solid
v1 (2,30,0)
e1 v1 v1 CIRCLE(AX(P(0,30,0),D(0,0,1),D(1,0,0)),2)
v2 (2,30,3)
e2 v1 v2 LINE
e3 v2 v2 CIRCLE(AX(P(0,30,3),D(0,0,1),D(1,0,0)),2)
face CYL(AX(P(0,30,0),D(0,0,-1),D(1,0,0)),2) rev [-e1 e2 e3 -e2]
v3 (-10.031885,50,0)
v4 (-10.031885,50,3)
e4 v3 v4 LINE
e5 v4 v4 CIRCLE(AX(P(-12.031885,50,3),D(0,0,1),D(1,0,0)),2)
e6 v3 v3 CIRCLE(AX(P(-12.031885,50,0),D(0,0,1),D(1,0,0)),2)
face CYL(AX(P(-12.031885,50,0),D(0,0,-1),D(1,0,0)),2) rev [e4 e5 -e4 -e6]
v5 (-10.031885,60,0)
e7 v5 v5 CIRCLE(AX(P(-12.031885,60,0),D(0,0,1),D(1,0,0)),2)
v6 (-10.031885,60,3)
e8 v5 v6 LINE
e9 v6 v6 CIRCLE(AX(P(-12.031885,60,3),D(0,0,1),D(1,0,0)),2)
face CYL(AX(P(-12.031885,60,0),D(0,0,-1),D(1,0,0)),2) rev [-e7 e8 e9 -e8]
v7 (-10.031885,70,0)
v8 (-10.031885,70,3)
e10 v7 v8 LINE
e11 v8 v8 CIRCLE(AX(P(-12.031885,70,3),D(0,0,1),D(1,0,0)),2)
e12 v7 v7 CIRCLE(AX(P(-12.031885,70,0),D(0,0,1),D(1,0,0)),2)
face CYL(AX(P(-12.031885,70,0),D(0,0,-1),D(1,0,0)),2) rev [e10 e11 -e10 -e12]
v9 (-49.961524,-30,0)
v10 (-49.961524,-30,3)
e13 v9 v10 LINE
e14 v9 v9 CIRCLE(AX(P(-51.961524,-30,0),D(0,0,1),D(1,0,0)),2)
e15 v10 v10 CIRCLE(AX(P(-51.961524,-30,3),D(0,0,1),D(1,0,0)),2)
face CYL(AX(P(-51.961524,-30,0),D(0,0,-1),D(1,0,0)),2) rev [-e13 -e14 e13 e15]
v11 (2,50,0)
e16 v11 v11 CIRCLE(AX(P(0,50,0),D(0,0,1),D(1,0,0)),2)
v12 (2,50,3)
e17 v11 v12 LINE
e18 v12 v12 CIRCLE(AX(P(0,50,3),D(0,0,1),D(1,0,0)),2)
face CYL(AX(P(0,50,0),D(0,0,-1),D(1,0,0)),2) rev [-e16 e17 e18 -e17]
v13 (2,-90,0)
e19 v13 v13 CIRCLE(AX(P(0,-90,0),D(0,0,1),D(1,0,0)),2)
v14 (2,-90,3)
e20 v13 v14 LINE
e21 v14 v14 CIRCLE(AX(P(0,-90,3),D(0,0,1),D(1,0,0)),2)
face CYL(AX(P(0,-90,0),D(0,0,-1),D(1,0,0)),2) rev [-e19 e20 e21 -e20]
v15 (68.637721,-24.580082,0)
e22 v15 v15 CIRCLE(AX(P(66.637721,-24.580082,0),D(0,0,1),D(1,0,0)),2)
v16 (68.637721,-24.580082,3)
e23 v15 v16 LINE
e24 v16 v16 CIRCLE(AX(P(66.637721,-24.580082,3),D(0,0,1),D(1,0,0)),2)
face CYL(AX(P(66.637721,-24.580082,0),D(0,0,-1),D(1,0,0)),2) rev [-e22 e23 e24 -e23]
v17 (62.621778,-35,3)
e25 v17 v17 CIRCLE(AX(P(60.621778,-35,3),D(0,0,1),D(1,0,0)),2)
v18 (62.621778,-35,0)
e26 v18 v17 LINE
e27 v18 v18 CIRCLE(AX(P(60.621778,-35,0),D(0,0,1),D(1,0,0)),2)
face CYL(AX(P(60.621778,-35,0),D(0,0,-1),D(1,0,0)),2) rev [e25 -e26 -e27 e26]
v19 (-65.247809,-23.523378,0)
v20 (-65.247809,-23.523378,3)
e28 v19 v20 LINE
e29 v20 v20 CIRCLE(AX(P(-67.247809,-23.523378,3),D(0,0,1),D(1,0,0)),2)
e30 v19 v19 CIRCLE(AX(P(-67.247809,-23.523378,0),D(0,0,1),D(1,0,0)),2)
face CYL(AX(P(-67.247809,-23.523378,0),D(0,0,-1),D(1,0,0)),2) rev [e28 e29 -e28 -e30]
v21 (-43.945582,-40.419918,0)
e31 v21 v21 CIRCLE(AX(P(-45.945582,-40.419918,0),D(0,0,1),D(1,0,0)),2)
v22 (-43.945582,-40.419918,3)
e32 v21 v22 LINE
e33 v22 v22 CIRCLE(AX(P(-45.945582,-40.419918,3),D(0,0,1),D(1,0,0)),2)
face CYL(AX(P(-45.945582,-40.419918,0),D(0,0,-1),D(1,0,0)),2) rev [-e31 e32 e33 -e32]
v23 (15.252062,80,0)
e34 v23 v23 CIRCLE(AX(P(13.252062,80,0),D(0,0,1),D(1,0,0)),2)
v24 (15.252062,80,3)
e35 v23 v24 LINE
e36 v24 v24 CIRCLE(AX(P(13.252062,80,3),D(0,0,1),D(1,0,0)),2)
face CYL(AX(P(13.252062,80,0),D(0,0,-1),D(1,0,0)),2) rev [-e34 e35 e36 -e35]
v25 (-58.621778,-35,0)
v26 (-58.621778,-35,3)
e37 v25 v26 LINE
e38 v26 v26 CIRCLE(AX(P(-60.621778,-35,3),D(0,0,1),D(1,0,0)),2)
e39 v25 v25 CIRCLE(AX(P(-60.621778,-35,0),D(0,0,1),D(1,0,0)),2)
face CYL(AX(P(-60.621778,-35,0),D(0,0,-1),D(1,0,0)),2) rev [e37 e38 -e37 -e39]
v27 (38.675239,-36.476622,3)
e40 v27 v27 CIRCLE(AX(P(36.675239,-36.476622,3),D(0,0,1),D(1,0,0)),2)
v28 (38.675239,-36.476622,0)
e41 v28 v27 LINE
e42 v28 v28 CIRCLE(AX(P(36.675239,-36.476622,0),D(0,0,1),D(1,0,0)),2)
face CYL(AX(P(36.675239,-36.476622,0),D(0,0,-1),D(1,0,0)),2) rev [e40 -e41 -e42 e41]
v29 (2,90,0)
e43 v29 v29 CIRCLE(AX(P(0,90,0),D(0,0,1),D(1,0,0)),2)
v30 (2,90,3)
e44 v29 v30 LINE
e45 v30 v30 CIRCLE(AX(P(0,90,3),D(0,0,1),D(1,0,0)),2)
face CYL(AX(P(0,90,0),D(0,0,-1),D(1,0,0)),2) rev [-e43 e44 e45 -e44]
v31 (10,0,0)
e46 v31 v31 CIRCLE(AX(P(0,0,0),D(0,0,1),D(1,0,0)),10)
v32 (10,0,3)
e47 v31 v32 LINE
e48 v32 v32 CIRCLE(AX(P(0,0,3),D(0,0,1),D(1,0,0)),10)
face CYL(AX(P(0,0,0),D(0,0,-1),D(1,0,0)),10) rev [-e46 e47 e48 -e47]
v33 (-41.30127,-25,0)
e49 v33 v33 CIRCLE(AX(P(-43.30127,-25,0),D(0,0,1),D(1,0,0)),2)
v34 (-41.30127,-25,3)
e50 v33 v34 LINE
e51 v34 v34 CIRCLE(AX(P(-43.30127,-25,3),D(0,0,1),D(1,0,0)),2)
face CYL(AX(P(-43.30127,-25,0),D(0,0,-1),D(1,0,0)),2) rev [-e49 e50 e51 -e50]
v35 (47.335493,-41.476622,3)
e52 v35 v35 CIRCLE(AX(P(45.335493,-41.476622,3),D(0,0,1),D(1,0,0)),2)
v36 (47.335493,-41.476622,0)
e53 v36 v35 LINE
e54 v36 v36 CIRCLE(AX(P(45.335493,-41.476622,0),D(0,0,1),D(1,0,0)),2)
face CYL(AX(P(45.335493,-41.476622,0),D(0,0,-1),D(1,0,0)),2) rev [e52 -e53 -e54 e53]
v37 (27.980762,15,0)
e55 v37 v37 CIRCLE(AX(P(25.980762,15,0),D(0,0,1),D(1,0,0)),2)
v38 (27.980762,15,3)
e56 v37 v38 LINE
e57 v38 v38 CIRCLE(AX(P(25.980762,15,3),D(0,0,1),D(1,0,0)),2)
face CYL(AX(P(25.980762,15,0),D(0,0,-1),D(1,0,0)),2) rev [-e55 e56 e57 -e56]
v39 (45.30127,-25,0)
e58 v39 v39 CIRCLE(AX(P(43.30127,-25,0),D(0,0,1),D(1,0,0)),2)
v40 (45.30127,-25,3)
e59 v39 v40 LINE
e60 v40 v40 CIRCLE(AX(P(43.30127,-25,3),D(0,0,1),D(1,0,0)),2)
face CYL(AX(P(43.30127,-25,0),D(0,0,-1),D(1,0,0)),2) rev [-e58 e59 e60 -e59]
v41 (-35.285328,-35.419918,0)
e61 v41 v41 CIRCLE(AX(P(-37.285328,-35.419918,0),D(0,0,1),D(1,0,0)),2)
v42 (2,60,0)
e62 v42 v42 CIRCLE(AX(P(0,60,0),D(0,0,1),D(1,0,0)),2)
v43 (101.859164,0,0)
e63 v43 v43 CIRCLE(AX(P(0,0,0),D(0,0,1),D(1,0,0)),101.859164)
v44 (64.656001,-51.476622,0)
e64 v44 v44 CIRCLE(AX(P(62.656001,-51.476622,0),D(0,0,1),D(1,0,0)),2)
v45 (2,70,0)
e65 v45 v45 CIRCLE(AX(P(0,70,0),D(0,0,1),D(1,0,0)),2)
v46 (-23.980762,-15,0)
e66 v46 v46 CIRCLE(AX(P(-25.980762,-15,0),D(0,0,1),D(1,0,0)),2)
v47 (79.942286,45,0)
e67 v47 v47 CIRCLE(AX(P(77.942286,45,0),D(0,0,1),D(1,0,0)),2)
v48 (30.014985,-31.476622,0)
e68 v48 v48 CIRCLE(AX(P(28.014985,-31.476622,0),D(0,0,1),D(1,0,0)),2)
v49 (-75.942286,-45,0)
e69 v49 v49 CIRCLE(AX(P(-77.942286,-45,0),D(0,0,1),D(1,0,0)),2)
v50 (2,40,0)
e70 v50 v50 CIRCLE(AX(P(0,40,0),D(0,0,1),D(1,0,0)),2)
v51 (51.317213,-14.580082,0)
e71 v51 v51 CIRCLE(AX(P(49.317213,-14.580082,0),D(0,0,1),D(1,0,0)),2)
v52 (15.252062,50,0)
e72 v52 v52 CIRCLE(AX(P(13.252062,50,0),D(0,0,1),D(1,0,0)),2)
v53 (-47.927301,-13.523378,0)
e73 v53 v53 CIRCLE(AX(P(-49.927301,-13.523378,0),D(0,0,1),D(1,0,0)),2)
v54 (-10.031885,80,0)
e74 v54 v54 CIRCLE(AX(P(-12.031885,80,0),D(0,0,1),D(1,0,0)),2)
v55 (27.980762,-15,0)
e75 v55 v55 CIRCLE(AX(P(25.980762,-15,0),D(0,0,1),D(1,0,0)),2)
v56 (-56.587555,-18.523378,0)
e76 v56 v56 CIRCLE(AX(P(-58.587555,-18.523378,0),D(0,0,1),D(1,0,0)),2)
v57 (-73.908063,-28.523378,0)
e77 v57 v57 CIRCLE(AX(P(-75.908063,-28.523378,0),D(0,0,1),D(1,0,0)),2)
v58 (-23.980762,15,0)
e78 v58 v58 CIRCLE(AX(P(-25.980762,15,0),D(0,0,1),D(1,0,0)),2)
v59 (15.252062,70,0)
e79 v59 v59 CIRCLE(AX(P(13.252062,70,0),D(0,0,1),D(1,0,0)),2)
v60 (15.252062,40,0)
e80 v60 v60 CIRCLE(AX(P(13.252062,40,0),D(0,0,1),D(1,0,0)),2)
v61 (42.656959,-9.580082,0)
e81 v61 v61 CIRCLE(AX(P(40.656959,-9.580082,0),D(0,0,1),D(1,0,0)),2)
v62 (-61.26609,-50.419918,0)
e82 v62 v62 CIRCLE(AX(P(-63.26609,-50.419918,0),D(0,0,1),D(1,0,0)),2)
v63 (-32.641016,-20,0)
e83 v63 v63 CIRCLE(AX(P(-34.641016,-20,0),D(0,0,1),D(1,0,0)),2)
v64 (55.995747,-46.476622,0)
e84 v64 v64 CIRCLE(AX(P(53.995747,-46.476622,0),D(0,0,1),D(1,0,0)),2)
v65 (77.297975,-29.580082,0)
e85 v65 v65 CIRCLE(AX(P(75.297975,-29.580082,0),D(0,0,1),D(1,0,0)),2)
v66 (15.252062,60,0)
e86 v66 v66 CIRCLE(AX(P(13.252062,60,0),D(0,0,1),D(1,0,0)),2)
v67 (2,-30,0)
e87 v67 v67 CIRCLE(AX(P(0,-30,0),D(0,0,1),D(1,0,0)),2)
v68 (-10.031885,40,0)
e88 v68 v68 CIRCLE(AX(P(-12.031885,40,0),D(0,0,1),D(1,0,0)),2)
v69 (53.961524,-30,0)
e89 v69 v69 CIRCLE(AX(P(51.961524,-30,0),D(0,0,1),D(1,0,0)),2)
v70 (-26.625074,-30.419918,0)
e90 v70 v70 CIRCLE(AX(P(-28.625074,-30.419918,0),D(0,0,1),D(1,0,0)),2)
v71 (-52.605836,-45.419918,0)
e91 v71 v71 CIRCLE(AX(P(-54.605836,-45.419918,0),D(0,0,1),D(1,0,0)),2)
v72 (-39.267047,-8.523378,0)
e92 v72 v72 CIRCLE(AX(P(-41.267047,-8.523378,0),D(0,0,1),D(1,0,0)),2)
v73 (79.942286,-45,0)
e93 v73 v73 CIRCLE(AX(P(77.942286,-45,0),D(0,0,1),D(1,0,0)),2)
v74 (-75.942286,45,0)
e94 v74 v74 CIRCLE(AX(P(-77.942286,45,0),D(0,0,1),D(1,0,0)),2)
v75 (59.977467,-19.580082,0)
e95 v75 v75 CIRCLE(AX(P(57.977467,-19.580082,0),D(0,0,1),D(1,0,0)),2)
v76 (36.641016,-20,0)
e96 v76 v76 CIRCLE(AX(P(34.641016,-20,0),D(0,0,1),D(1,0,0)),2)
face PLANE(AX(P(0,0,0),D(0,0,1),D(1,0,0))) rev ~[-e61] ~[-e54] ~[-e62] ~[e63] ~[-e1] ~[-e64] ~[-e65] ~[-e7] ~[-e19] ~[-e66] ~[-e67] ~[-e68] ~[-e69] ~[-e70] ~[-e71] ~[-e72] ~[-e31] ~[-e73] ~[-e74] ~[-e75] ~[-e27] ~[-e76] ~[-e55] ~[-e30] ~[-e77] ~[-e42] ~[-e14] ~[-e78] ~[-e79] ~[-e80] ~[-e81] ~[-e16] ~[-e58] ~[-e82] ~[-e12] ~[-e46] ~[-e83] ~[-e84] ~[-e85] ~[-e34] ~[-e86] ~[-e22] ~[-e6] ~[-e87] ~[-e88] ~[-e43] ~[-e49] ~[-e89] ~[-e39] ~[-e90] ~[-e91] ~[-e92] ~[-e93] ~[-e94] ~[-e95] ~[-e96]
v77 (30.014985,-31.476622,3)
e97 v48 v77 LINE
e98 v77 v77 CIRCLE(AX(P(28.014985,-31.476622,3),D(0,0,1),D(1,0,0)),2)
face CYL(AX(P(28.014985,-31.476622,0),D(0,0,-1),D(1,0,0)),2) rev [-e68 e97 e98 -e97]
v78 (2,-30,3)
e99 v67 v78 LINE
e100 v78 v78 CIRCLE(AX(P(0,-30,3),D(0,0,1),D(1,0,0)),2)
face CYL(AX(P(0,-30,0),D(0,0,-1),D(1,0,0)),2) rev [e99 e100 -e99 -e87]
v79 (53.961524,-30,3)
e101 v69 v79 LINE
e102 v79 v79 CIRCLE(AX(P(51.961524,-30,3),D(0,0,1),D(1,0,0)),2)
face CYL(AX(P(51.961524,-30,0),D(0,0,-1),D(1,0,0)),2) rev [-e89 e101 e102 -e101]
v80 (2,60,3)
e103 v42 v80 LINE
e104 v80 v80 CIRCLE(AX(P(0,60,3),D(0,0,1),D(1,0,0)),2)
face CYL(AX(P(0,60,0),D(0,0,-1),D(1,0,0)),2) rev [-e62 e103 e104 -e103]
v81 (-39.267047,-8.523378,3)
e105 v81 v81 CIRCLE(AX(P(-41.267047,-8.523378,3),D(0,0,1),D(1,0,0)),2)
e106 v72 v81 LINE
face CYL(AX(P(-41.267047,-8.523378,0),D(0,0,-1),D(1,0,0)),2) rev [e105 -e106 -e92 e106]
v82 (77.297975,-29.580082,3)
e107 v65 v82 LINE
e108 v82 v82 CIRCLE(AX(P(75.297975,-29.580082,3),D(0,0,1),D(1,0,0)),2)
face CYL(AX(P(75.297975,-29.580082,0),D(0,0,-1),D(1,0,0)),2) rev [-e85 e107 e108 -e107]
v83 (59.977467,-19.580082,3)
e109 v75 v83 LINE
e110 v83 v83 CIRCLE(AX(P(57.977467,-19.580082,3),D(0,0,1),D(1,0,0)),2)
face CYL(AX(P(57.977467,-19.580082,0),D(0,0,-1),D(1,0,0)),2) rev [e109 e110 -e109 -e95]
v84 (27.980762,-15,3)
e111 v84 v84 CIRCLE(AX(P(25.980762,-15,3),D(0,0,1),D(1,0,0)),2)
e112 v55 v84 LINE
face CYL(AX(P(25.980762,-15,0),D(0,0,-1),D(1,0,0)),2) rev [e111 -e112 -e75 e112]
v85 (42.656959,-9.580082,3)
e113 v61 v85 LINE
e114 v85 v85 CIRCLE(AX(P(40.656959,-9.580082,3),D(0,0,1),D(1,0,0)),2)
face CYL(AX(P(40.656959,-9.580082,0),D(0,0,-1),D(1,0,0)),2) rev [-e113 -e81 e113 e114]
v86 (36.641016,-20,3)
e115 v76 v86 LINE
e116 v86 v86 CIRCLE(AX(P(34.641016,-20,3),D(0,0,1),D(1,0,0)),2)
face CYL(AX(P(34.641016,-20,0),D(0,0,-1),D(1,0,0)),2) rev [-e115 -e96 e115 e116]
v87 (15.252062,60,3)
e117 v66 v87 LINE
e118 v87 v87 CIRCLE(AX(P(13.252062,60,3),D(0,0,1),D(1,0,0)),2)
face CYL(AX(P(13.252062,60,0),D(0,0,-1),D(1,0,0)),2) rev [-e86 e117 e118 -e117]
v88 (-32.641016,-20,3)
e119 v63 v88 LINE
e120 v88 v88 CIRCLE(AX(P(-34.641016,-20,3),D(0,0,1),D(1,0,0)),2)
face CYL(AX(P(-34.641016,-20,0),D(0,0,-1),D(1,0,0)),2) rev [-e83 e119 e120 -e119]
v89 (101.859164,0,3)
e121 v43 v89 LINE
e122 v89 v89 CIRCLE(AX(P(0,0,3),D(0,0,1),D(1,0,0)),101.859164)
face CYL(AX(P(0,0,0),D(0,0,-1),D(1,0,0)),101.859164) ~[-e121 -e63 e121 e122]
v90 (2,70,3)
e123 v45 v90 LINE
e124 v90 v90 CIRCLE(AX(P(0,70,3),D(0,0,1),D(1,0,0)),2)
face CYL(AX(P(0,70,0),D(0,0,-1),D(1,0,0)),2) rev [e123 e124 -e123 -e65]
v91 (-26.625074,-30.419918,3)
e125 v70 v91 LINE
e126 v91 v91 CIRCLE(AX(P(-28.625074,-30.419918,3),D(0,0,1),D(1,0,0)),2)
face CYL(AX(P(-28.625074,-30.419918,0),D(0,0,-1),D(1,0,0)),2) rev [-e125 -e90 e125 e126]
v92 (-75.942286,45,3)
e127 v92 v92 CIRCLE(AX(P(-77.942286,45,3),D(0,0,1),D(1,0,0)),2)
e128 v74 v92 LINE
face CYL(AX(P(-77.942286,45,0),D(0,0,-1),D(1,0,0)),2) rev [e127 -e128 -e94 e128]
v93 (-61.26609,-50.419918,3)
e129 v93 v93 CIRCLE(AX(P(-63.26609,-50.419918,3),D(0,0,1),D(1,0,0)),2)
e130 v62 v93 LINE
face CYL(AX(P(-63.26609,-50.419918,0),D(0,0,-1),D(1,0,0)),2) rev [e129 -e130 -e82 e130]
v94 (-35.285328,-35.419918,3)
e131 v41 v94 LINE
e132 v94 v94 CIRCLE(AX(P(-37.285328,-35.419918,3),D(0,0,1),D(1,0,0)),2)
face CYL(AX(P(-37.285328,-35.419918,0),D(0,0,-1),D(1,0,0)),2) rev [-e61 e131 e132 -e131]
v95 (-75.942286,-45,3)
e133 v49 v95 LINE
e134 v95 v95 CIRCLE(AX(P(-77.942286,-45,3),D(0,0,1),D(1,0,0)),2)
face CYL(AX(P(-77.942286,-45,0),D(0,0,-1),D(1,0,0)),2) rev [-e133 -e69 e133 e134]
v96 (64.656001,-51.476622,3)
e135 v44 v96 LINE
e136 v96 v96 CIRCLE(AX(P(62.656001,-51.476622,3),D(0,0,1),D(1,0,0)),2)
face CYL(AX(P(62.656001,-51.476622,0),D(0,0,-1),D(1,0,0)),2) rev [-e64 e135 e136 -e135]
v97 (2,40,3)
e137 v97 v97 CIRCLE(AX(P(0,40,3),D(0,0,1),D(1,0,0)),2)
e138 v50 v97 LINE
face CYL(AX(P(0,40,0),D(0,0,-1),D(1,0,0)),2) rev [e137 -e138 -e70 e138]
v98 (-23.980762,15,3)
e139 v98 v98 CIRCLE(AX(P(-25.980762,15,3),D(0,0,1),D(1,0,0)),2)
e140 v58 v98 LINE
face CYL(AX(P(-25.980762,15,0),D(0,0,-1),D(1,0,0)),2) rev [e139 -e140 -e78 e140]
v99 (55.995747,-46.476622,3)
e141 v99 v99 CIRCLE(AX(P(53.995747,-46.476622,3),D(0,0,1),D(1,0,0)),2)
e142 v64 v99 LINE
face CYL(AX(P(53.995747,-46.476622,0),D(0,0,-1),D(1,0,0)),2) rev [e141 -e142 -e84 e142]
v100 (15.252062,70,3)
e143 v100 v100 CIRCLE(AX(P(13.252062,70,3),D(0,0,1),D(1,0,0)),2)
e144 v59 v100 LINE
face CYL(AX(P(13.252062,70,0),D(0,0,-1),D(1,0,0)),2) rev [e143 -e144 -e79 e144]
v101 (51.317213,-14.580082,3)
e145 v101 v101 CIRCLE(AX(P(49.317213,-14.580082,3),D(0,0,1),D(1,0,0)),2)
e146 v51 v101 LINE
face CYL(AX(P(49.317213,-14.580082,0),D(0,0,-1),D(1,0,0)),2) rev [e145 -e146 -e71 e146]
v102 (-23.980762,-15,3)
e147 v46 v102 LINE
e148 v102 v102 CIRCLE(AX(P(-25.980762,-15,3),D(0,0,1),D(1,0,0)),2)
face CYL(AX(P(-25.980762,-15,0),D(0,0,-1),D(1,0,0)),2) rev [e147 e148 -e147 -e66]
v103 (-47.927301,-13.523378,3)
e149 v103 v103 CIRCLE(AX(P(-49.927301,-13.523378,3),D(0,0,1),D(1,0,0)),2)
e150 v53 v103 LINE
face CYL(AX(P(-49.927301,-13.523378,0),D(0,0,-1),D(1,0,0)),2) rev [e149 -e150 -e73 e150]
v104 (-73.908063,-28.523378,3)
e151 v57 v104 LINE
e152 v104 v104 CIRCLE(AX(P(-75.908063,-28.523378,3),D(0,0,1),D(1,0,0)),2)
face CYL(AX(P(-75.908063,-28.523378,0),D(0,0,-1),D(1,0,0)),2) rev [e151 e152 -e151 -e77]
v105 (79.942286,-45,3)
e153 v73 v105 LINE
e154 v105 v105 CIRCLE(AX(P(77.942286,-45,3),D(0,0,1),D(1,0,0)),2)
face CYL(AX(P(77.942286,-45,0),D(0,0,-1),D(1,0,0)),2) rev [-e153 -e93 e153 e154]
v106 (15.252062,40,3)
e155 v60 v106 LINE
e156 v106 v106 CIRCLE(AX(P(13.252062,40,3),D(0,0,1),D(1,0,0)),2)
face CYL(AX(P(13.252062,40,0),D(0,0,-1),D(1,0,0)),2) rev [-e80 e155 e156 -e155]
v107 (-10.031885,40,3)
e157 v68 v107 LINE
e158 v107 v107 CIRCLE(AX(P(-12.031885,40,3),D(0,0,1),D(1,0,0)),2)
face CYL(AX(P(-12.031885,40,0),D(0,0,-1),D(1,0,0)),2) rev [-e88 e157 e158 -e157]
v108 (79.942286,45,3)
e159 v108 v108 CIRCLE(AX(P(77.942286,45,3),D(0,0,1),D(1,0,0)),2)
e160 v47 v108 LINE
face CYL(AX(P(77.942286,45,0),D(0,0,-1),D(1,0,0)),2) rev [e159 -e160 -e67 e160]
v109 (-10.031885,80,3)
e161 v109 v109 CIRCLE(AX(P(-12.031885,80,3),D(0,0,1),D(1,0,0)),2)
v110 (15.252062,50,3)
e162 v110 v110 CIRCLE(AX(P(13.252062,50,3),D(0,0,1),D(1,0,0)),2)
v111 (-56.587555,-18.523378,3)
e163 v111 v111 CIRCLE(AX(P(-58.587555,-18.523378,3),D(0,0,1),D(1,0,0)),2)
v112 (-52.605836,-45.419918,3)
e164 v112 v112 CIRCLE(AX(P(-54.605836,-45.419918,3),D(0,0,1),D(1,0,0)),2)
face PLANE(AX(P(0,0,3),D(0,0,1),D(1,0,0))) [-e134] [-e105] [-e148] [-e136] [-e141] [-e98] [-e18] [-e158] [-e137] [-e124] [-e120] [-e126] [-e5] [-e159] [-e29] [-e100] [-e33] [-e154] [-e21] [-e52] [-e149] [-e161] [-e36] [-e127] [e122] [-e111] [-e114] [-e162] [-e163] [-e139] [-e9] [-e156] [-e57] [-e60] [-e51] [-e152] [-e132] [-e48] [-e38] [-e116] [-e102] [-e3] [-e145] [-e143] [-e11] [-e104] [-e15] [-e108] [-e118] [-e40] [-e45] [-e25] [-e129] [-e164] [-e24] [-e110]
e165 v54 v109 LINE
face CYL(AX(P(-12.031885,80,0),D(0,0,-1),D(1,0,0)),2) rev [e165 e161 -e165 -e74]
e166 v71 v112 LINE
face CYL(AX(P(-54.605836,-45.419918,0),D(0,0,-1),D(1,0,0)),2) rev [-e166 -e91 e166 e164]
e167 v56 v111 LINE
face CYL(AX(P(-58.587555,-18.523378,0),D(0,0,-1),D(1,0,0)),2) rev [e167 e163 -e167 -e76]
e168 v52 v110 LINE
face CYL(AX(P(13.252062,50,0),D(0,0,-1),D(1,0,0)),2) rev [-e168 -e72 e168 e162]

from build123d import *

# Parameters (mm, degrees)
SKETCH1_R           = 101.859163579
SKETCH1_R_2         = 2
SKETCH1_R_3         = 10
BOSS_EXTRUDE1_DEPTH = 3


with BuildPart() as part:
    # Sketch1 → Boss-Extrude1 (new body)
    with BuildSketch(Plane.XY):
        Circle(SKETCH1_R)
        with Locations((0, 30)):
            Circle(SKETCH1_R_2, mode=Mode.SUBTRACT)
        with Locations((-12.031885298, 50)):
            Circle(SKETCH1_R_2, mode=Mode.SUBTRACT)
        with Locations((0, 40)):
            Circle(SKETCH1_R_2, mode=Mode.SUBTRACT)
        with Locations((13.252061667, 50)):
            Circle(SKETCH1_R_2, mode=Mode.SUBTRACT)
        with Locations((-12.031885298, 60)):
            Circle(SKETCH1_R_2, mode=Mode.SUBTRACT)
        with Locations((-12.031885298, 40)):
            Circle(SKETCH1_R_2, mode=Mode.SUBTRACT)
        with Locations((13.252061667, 40)):
            Circle(SKETCH1_R_2, mode=Mode.SUBTRACT)
        with Locations((0, 50)):
            Circle(SKETCH1_R_2, mode=Mode.SUBTRACT)
        with Locations((13.252061667, 60)):
            Circle(SKETCH1_R_2, mode=Mode.SUBTRACT)
        with Locations((-12.031885298, 70)):
            Circle(SKETCH1_R_2, mode=Mode.SUBTRACT)
        with Locations((0, 60)):
            Circle(SKETCH1_R_2, mode=Mode.SUBTRACT)
        with Locations((13.252061667, 70)):
            Circle(SKETCH1_R_2, mode=Mode.SUBTRACT)
        with Locations((-12.031885298, 80)):
            Circle(SKETCH1_R_2, mode=Mode.SUBTRACT)
        with Locations((0, 70)):
            Circle(SKETCH1_R_2, mode=Mode.SUBTRACT)
        with Locations((13.252061667, 80)):
            Circle(SKETCH1_R_2, mode=Mode.SUBTRACT)
        with Locations((25.980762114, -15)):
            Circle(SKETCH1_R_2, mode=Mode.SUBTRACT)
        with Locations((49.317212838, -14.580081677)):
            Circle(SKETCH1_R_2, mode=Mode.SUBTRACT)
        with Locations((34.641016151, -20)):
            Circle(SKETCH1_R_2, mode=Mode.SUBTRACT)
        with Locations((36.675239356, -36.476622056)):
            Circle(SKETCH1_R_2, mode=Mode.SUBTRACT)
        with Locations((57.977466876, -19.580081677)):
            Circle(SKETCH1_R_2, mode=Mode.SUBTRACT)
        with Locations((40.6569588, -9.580081677)):
            Circle(SKETCH1_R_2, mode=Mode.SUBTRACT)
        with Locations((28.014985318, -31.476622056)):
            Circle(SKETCH1_R_2, mode=Mode.SUBTRACT)
        with Locations((43.301270189, -25)):
            Circle(SKETCH1_R_2, mode=Mode.SUBTRACT)
        with Locations((45.335493393, -41.476622056)):
            Circle(SKETCH1_R_2, mode=Mode.SUBTRACT)
        with Locations((66.637720914, -24.580081677)):
            Circle(SKETCH1_R_2, mode=Mode.SUBTRACT)
        with Locations((51.961524227, -30)):
            Circle(SKETCH1_R_2, mode=Mode.SUBTRACT)
        with Locations((53.995747431, -46.476622056)):
            Circle(SKETCH1_R_2, mode=Mode.SUBTRACT)
        with Locations((75.297974952, -29.580081677)):
            Circle(SKETCH1_R_2, mode=Mode.SUBTRACT)
        with Locations((60.621778265, -35)):
            Circle(SKETCH1_R_2, mode=Mode.SUBTRACT)
        with Locations((62.656001469, -51.476622056)):
            Circle(SKETCH1_R_2, mode=Mode.SUBTRACT)
        with Locations((-25.980762114, -15)):
            Circle(SKETCH1_R_2, mode=Mode.SUBTRACT)
        with Locations((-37.28532754, -35.419918323)):
            Circle(SKETCH1_R_2, mode=Mode.SUBTRACT)
        with Locations((-34.641016151, -20)):
            Circle(SKETCH1_R_2, mode=Mode.SUBTRACT)
        with Locations((-49.927301023, -13.523377944)):
            Circle(SKETCH1_R_2, mode=Mode.SUBTRACT)
        with Locations((-45.945581578, -40.419918323)):
            Circle(SKETCH1_R_2, mode=Mode.SUBTRACT)
        with Locations((-28.625073502, -30.419918323)):
            Circle(SKETCH1_R_2, mode=Mode.SUBTRACT)
        with Locations((-41.267046985, -8.523377944)):
            Circle(SKETCH1_R_2, mode=Mode.SUBTRACT)
        with Locations((-43.301270189, -25)):
            Circle(SKETCH1_R_2, mode=Mode.SUBTRACT)
        with Locations((-58.587555061, -18.523377944)):
            Circle(SKETCH1_R_2, mode=Mode.SUBTRACT)
        with Locations((-54.605835616, -45.419918323)):
            Circle(SKETCH1_R_2, mode=Mode.SUBTRACT)
        with Locations((-51.961524227, -30)):
            Circle(SKETCH1_R_2, mode=Mode.SUBTRACT)
        with Locations((-67.247809099, -23.523377944)):
            Circle(SKETCH1_R_2, mode=Mode.SUBTRACT)
        with Locations((-63.266089654, -50.419918323)):
            Circle(SKETCH1_R_2, mode=Mode.SUBTRACT)
        with Locations((-60.621778265, -35)):
            Circle(SKETCH1_R_2, mode=Mode.SUBTRACT)
        with Locations((-75.908063136, -28.523377944)):
            Circle(SKETCH1_R_2, mode=Mode.SUBTRACT)
        with Locations((77.942286341, 45)):
            Circle(SKETCH1_R_2, mode=Mode.SUBTRACT)
        with Locations((77.942286341, -45)):
            Circle(SKETCH1_R_2, mode=Mode.SUBTRACT)
        with Locations((0, -90)):
            Circle(SKETCH1_R_2, mode=Mode.SUBTRACT)
        with Locations((-77.942286341, -45)):
            Circle(SKETCH1_R_2, mode=Mode.SUBTRACT)
        with Locations((-77.942286341, 45)):
            Circle(SKETCH1_R_2, mode=Mode.SUBTRACT)
        with Locations((0, 90)):
            Circle(SKETCH1_R_2, mode=Mode.SUBTRACT)
        Circle(SKETCH1_R_3, mode=Mode.SUBTRACT)
        with Locations((25.980762114, 15)):
            Circle(SKETCH1_R_2, mode=Mode.SUBTRACT)
        with Locations((0, -30)):
            Circle(SKETCH1_R_2, mode=Mode.SUBTRACT)
        with Locations((-25.980762114, 15)):
            Circle(SKETCH1_R_2, mode=Mode.SUBTRACT)
    extrude(amount=BOSS_EXTRUDE1_DEPTH)


solid = part.part
